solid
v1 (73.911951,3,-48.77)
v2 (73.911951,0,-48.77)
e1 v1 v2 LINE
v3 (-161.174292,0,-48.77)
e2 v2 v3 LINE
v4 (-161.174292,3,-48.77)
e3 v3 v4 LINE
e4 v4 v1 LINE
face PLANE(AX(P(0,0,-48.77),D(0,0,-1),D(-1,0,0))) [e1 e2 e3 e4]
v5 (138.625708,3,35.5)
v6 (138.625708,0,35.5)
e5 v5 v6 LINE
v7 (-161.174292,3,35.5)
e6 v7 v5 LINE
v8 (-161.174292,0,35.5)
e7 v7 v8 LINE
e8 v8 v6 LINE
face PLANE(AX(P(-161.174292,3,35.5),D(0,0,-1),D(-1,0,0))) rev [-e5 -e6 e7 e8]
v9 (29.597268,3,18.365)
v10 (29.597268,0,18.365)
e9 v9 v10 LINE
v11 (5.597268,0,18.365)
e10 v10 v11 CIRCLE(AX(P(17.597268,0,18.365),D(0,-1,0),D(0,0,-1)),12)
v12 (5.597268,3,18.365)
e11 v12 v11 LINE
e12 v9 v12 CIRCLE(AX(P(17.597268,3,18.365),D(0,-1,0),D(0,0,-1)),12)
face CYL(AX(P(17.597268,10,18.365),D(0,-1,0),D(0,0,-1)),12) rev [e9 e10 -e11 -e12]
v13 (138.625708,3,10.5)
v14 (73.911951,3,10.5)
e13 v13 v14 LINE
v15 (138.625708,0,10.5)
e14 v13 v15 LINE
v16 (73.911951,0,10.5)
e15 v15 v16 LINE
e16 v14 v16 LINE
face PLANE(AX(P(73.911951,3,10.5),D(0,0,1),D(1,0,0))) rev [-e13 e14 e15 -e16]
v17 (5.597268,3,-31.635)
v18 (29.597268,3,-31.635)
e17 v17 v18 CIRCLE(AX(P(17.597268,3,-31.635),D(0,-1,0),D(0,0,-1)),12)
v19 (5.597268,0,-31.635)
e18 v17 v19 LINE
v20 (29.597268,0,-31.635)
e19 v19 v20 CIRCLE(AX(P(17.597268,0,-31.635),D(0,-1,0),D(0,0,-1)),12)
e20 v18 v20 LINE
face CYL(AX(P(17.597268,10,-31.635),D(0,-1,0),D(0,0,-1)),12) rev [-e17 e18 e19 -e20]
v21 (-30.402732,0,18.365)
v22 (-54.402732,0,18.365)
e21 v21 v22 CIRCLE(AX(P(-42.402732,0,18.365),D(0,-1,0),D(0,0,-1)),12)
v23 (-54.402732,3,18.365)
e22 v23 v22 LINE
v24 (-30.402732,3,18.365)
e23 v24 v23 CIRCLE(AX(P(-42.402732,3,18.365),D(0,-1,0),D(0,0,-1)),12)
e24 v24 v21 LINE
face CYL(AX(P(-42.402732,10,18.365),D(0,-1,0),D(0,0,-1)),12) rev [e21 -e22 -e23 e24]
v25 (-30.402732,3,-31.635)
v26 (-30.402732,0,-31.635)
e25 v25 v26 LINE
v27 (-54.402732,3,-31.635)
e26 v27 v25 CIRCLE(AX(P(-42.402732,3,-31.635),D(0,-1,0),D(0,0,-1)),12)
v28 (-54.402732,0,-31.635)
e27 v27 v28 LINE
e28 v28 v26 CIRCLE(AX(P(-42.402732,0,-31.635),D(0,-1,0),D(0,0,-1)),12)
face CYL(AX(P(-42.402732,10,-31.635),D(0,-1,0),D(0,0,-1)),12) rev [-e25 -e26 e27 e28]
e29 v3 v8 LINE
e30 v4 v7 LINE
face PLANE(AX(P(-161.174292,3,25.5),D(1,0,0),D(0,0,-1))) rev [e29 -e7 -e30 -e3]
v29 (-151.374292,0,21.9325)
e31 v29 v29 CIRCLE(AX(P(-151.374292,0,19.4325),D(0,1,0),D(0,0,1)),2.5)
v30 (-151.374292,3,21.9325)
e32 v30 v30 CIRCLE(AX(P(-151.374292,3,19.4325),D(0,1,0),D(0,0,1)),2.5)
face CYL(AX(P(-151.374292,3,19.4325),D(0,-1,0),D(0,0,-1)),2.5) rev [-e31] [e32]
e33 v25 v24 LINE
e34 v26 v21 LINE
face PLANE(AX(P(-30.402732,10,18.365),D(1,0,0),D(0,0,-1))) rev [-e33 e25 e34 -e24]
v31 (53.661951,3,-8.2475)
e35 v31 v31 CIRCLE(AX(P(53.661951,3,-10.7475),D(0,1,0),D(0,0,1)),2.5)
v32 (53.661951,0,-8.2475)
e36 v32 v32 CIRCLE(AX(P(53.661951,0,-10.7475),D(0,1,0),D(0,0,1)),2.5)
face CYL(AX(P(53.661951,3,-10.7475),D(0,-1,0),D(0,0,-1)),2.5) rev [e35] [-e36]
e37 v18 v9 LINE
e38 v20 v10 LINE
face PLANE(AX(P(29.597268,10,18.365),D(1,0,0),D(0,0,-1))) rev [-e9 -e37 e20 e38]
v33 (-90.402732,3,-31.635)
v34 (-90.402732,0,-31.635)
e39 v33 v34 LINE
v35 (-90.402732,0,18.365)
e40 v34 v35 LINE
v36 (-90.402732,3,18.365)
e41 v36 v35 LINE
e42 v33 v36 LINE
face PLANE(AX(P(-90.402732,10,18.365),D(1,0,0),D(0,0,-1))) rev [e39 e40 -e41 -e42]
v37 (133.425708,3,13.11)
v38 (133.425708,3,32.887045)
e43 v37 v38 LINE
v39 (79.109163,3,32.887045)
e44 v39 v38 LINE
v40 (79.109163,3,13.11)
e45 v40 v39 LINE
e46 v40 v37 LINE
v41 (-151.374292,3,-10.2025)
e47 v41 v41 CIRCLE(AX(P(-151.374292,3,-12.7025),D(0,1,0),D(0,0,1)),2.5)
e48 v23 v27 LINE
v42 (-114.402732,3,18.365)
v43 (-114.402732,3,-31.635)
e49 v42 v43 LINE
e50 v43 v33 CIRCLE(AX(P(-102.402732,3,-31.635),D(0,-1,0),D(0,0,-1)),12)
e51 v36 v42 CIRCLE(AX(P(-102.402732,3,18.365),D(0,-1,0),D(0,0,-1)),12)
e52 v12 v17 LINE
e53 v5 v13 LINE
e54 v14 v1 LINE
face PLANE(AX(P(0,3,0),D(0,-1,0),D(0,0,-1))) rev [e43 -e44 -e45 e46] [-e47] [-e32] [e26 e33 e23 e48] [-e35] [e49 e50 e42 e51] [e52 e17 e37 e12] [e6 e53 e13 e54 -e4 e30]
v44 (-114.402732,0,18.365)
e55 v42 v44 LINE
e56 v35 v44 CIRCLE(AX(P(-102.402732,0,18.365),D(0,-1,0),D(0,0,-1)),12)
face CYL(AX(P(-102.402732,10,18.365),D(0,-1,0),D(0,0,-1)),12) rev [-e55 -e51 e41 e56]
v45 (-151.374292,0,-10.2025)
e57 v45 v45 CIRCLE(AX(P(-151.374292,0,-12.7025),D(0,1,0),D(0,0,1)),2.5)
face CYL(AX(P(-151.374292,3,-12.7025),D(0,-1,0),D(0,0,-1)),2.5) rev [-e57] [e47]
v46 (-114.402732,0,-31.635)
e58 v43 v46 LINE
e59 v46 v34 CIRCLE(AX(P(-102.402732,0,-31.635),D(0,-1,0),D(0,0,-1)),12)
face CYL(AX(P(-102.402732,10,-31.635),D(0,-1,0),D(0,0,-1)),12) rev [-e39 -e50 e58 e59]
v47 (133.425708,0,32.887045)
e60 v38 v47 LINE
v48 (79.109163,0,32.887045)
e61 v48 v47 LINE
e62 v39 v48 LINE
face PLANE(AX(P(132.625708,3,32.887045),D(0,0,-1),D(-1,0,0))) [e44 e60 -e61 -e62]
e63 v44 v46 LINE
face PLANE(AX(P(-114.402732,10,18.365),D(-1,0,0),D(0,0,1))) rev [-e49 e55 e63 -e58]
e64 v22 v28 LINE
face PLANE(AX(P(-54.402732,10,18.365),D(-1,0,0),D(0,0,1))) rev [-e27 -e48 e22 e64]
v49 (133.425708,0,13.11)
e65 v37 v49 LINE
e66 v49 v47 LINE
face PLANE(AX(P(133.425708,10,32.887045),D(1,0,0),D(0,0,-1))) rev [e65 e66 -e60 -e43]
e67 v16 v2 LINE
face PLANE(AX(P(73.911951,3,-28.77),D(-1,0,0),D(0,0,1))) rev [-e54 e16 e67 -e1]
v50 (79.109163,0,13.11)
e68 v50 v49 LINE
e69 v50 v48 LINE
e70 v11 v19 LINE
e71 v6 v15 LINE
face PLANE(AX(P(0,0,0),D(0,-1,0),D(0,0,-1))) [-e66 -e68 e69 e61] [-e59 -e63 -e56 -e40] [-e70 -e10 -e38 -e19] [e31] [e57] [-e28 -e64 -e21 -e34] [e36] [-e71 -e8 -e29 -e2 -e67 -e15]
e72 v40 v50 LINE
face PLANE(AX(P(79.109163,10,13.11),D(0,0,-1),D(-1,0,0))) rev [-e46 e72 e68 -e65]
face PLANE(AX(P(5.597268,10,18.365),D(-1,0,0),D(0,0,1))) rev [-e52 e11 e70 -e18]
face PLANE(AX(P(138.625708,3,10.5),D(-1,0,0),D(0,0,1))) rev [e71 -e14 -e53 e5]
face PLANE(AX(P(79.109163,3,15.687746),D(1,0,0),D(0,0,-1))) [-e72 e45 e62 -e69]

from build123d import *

# Parameters (mm, degrees)
ESQUISSE1_R             = 2.5
BOSS_EXTRU_1_DEPTH      = 3
ENL_V_MAT_EXTRU_1_DEPTH = 166.064843505
SKETCH1_W               = 235.08624341
SKETCH1_H               = 3
BOSS_EXTRUDE1_DEPTH     = 20
SKETCH2_W               = 54.316544192
SKETCH2_H               = 19.777044638
CUT_EXTRUDE1_DEPTH      = 10
CUT_EXTRUDE2_DEPTH      = 10


with BuildPart() as part:
    # Esquisse1 → Boss.-Extru.1 (new body)
    with BuildSketch(Plane(origin=(0, 0, 0), x_dir=(1, 0, 0), z_dir=(0, 1, 0))):
        Polygon((-161.174292495, 18.77), (-161.174292495, -25.5), (-161.174292495, -35.5), (138.625707505, -35.5), (138.625707505, -10.5), (73.911950915, -10.5), (73.911950915, 28.77), (-161.174292495, 28.77), align=None)
        with Locations(Location((-151.374292495, -19.4325, 0), (0, 0, 270))):
            Circle(ESQUISSE1_R, mode=Mode.SUBTRACT)
        with Locations(Location((-151.374292495, 12.7025, 0), (0, 0, 270))):
            Circle(ESQUISSE1_R, mode=Mode.SUBTRACT)
        with Locations(Location((53.661950915, 10.747499922, 0), (0, 0, 270))):
            Circle(ESQUISSE1_R, mode=Mode.SUBTRACT)
        Polygon((114.261515644, -15.687745544), (114.261515644, -18.634239014), (132.625707505, -18.634239014), (132.625707505, -32.887044638), (114.261515644, -32.887044638), (79.109163313, -32.887044638), (79.109163313, -15.687745544), align=None, mode=Mode.SUBTRACT)
    extrude(amount=BOSS_EXTRU_1_DEPTH)

    # Esquisse2 → Enlèv. mat.-Extru.1 (cut, through all)
    with BuildSketch(Plane.XZ):
        with BuildLine():
            Line((7.640390062, -11.635), (7.640390062, 18.365))
            ThreePointArc((7.640390062, 18.365), (15.140390062, 25.865), (22.640390062, 18.365))
            Line((22.640390062, 18.365), (22.640390062, -11.635))
            ThreePointArc((22.640390062, -11.635), (15.140390062, -19.135), (7.640390062, -11.635))
        make_face()
        with BuildLine():
            Line((-51.13117079, -11.635), (-51.13117079, 18.365))
            ThreePointArc((-51.13117079, 18.365), (-43.63117079, 25.865), (-36.13117079, 18.365))
            Line((-36.13117079, 18.365), (-36.13117079, -11.635))
            ThreePointArc((-36.13117079, -11.635), (-43.63117079, -19.135), (-51.13117079, -11.635))
        make_face()
        with BuildLine():
            Line((-109.902731643, -11.635), (-109.902731643, 18.365))
            ThreePointArc((-109.902731643, 18.365), (-102.402731643, 25.865), (-94.902731643, 18.365))
            Line((-94.902731643, 18.365), (-94.902731643, -11.635))
            ThreePointArc((-94.902731643, -11.635), (-102.402731643, -19.135), (-109.902731643, -11.635))
        make_face()
    extrude(amount=-ENL_V_MAT_EXTRU_1_DEPTH, mode=Mode.SUBTRACT)

    # Sketch1 → Boss-Extrude1 (add)
    with BuildSketch(Plane(origin=(0, 0, -28.77), x_dir=(-1, 0, 0), z_dir=(0, 0, -1))):
        with Locations((43.63117079, 1.5)):
            Rectangle(SKETCH1_W, SKETCH1_H)
    extrude(amount=BOSS_EXTRUDE1_DEPTH)

    # Sketch2 → Cut-Extrude1 (cut)
    with BuildSketch(Plane.XZ):
        with Locations((106.267435409, 22.998522319)):
            Rectangle(SKETCH2_W, SKETCH2_H)
    extrude(amount=-CUT_EXTRUDE1_DEPTH, mode=Mode.SUBTRACT)

    # Sketch3 → Cut-Extrude2 (cut)
    with BuildSketch(Plane(origin=(0, 0, 0), x_dir=(-1, 0, 0), z_dir=(0, -1, 0))):
        with BuildLine():
            Line((90.402731643, -18.365), (90.402731643, 31.635))
            ThreePointArc((90.402731643, 31.635), (102.402731643, 43.635), (114.402731643, 31.635))
            Line((114.402731643, 31.635), (114.402731643, -18.365))
            ThreePointArc((114.402731643, -18.365), (102.402731643, -30.365), (90.402731643, -18.365))
        make_face()
        with BuildLine():
            Line((30.402731643, -18.365), (30.402731643, 31.635))
            ThreePointArc((30.402731643, 31.635), (42.402731643, 43.635), (54.402731643, 31.635))
            Line((54.402731643, 31.635), (54.402731643, -18.365))
            ThreePointArc((54.402731643, -18.365), (42.402731643, -30.365), (30.402731643, -18.365))
        make_face()
        with BuildLine():
            Line((-29.597268357, -18.365), (-29.597268357, 31.635))
            ThreePointArc((-29.597268357, 31.635), (-17.597268357, 43.635), (-5.597268357, 31.635))
            Line((-5.597268357, 31.635), (-5.597268357, -18.365))
            ThreePointArc((-5.597268357, -18.365), (-17.597268357, -30.365), (-29.597268357, -18.365))
        make_face()
    extrude(amount=-CUT_EXTRUDE2_DEPTH, mode=Mode.SUBTRACT)


solid = part.part
